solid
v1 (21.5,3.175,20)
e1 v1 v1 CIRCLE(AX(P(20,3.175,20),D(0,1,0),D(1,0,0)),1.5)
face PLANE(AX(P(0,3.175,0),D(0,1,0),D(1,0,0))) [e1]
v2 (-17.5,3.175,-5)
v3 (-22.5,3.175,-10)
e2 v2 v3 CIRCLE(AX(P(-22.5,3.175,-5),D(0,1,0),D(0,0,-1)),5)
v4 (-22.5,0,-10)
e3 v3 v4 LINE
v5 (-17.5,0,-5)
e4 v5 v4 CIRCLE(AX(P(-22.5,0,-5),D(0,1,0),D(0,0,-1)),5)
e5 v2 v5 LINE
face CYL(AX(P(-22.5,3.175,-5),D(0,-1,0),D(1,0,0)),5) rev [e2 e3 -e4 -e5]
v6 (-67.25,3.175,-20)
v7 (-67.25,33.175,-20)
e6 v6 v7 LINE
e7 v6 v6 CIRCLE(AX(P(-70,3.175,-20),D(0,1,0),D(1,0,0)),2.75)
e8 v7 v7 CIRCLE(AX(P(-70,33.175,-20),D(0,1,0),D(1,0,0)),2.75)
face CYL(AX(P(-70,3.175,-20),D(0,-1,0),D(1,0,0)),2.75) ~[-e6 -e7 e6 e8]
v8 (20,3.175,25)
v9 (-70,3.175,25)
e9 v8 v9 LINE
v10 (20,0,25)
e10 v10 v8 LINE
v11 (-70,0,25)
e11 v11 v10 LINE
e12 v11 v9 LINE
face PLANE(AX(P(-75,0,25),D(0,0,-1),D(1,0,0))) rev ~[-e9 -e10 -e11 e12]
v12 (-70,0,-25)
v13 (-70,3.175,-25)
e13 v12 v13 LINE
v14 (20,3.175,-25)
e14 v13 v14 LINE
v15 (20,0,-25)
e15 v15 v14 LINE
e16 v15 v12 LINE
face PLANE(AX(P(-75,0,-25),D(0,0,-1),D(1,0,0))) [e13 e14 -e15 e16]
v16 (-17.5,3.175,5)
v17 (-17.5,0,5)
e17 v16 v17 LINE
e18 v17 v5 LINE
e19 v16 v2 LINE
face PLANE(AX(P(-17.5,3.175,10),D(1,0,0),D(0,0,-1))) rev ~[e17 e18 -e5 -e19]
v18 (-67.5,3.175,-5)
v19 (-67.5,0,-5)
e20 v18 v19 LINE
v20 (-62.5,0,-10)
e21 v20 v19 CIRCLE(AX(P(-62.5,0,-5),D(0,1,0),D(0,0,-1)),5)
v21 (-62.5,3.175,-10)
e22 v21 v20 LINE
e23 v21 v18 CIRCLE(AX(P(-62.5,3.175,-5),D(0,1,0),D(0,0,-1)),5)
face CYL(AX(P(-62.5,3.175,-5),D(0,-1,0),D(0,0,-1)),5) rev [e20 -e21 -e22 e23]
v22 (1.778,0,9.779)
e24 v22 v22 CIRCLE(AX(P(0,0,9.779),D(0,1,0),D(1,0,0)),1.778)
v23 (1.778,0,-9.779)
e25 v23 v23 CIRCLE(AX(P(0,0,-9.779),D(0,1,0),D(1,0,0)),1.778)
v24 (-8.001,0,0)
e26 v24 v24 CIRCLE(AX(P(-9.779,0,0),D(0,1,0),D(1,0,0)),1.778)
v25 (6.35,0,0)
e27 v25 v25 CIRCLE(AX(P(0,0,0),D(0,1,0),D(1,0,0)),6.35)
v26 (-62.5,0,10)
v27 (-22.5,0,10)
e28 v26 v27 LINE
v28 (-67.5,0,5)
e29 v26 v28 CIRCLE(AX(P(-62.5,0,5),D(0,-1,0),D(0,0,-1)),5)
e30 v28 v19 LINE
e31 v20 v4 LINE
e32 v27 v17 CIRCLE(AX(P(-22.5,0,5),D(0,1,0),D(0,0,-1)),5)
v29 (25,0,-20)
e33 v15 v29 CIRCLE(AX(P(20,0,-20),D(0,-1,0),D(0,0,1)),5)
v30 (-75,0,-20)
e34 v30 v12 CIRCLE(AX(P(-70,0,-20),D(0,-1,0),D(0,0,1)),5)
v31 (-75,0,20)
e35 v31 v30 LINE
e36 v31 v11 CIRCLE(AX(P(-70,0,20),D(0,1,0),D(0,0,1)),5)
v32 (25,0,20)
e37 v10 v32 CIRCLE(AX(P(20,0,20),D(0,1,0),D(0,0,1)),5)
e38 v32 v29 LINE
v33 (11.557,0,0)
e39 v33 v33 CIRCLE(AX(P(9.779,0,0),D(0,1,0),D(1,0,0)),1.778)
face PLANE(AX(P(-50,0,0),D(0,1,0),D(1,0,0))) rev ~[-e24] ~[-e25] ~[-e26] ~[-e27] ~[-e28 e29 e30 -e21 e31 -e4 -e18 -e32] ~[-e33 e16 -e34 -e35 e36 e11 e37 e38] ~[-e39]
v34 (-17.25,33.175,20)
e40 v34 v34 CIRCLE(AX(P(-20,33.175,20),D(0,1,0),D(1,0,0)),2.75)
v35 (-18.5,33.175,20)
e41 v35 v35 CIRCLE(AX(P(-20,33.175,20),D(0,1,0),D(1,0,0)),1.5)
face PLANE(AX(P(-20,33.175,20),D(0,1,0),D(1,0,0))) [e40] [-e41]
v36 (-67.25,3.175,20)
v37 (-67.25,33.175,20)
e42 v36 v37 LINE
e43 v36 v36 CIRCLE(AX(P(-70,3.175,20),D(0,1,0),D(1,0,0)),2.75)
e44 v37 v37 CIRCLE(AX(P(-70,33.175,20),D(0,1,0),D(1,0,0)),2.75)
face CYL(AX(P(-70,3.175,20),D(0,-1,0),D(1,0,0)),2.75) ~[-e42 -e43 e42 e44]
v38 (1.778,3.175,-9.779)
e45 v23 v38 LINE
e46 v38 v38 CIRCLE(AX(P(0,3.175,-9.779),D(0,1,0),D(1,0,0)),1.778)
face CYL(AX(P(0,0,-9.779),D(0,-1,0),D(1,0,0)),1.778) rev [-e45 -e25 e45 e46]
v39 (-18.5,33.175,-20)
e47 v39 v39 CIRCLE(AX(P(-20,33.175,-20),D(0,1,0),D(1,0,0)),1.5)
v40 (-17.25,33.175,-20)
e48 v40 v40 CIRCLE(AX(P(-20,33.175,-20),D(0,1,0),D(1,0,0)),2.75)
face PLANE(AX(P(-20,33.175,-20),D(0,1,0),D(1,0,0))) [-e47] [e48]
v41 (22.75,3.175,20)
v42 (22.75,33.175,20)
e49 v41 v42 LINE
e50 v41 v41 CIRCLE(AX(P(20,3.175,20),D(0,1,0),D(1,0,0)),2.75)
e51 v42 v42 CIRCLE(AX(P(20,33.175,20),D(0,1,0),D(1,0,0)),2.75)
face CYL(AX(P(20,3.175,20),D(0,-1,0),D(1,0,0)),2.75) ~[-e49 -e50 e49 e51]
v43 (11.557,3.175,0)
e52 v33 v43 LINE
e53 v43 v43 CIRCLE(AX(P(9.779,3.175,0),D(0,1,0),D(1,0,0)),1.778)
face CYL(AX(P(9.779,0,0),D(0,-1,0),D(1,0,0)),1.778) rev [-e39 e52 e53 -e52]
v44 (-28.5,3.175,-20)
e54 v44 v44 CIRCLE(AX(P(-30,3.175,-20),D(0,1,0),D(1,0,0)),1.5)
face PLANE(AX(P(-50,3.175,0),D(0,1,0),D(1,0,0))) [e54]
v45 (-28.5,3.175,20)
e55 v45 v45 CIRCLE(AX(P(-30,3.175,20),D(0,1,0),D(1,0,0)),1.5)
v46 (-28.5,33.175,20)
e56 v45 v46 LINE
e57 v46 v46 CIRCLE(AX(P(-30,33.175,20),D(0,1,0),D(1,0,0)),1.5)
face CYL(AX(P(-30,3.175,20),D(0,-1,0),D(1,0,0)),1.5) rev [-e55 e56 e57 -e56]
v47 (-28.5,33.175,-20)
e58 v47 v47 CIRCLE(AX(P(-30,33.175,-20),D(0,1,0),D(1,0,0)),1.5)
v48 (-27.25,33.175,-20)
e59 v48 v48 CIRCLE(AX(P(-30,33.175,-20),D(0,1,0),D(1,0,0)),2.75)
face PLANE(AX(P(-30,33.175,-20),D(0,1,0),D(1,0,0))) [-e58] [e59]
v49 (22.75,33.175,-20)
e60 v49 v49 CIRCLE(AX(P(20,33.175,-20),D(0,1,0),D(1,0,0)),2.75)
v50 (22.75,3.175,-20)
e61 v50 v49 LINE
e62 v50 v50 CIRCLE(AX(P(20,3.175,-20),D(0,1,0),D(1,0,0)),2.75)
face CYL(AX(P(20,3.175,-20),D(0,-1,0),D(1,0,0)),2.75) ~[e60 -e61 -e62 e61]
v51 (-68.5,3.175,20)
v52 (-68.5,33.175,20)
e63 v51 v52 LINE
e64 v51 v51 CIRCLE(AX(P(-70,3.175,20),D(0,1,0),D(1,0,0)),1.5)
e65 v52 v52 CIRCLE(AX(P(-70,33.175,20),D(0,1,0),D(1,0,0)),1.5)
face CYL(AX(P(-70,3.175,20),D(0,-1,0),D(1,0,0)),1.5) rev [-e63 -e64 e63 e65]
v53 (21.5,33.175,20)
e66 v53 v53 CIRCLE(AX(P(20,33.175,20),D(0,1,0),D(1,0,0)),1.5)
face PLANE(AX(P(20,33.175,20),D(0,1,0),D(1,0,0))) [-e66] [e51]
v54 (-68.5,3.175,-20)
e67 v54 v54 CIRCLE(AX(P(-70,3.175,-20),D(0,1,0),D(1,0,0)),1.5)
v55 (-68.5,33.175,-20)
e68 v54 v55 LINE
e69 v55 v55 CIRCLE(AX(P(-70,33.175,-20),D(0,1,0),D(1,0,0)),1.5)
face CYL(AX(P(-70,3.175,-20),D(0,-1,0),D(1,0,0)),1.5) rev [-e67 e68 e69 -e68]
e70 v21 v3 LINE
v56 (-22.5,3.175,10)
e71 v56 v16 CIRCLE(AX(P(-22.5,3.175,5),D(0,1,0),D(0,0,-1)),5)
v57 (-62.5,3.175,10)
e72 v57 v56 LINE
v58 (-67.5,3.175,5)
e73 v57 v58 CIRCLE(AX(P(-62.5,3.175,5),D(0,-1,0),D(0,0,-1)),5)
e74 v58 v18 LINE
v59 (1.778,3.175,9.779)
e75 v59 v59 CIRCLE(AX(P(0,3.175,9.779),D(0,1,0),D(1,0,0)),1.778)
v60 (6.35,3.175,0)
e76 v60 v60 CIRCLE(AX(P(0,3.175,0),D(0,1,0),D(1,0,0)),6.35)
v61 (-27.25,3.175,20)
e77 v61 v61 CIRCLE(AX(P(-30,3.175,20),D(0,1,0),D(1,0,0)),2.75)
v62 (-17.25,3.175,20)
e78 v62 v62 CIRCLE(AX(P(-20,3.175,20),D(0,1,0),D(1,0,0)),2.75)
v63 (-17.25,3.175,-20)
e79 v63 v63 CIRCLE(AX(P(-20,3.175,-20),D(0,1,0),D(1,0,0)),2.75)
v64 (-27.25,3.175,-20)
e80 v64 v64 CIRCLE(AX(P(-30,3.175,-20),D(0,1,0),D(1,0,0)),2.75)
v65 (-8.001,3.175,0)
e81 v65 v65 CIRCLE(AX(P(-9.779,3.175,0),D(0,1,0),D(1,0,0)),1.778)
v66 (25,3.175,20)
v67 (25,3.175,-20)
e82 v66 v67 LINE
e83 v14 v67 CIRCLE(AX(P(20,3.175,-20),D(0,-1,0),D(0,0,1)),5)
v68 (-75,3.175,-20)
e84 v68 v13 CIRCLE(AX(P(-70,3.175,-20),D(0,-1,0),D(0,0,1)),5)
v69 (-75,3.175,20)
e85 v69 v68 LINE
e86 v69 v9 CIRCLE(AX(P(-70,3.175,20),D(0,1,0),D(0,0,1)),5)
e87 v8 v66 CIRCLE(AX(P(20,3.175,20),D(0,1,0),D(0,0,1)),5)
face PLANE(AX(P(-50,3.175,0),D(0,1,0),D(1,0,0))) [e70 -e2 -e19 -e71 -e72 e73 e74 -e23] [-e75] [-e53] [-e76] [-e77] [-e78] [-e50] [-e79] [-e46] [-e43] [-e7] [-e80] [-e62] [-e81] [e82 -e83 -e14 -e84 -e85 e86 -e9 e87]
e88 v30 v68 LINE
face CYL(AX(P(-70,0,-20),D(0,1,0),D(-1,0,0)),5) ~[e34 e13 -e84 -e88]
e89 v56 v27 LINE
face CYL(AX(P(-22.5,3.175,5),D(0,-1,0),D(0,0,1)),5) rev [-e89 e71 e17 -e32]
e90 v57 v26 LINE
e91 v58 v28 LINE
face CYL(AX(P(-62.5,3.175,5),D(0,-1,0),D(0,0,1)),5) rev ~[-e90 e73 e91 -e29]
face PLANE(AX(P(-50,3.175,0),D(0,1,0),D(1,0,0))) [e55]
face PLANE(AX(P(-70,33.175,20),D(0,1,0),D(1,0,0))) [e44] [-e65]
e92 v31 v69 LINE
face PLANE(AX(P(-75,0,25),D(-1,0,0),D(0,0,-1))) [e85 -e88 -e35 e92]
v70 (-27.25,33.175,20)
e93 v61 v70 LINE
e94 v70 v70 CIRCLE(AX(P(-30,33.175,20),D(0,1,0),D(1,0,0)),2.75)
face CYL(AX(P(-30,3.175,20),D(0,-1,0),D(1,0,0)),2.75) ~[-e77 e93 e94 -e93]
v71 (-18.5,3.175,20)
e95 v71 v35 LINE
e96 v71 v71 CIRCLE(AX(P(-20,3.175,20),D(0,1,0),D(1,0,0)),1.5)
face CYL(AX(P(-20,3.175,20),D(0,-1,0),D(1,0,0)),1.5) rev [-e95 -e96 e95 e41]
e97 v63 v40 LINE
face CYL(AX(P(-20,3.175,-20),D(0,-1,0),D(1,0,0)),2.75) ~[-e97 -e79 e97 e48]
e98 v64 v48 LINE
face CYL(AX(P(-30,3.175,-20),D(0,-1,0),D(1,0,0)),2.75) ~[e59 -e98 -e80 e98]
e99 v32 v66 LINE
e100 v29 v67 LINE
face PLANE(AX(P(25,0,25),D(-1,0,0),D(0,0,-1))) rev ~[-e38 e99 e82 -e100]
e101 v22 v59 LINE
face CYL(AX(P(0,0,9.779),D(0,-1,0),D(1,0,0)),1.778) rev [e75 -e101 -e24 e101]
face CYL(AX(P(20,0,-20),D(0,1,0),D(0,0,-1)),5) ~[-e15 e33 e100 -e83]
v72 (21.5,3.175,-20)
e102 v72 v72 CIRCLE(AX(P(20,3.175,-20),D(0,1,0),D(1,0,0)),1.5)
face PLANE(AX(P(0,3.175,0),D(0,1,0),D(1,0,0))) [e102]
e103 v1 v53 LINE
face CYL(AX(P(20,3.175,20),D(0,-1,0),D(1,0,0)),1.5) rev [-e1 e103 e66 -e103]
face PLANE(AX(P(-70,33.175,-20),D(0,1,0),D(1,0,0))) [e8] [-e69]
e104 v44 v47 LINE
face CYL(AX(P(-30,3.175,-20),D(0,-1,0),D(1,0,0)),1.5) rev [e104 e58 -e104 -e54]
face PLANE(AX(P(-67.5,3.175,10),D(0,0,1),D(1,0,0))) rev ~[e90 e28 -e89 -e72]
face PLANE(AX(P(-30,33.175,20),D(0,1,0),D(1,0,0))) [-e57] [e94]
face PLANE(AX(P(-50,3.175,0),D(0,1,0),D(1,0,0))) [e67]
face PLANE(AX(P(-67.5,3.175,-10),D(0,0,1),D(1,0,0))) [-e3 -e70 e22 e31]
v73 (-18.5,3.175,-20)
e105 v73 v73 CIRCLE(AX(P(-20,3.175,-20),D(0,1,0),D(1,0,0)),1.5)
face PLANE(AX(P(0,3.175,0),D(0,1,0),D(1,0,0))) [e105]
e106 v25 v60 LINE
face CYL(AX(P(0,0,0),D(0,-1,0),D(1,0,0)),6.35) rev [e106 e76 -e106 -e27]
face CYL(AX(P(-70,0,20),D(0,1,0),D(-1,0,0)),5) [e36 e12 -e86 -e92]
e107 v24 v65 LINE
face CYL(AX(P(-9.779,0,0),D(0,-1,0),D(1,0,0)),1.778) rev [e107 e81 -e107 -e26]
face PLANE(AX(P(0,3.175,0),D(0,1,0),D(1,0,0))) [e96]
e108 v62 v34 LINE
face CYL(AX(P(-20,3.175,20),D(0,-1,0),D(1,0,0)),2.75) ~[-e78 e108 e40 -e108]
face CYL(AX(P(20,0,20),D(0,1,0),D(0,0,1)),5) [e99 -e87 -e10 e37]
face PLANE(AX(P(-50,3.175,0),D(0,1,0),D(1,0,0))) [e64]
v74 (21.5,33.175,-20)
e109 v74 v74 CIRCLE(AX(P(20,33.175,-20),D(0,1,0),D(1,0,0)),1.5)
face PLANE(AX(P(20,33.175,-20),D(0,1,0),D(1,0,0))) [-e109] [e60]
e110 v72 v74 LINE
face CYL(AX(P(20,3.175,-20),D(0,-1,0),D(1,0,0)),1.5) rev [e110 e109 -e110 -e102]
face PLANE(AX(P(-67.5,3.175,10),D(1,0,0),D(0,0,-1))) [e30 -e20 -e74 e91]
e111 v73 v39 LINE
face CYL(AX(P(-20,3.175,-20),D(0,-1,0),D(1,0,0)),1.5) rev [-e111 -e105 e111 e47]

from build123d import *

# Parameters (mm, degrees)
SKETCH1_W           = 50
SKETCH1_H           = 50
SKETCH1_R           = 6.35
SKETCH1_R_2         = 1.778
BOSS_EXTRUDE1_DEPTH = 3.175
SKETCH2_R           = 2.75
SKETCH2_R_2         = 1.5
BOSS_EXTRUDE2_DEPTH = 30
SKETCH3_W           = 50
SKETCH3_H           = 50
BOSS_EXTRUDE3_DEPTH = 3.175
SKETCH4_R           = 2.75
SKETCH4_R_2         = 1.5
BOSS_EXTRUDE4_DEPTH = 30
SKETCH5_W           = 50
SKETCH5_H           = 20
CUT_EXTRUDE1_DEPTH  = 10
FILLET1_R           = 5


with BuildPart() as part:
    # Sketch1 → Boss-Extrude1 (new body)
    with BuildSketch(Plane(origin=(0, 0, 0), x_dir=(1, 0, 0), z_dir=(0, 1, 0))):
        Rectangle(SKETCH1_W, SKETCH1_H)
        Circle(SKETCH1_R, mode=Mode.SUBTRACT)
        with Locations((-9.779, 0)):
            Circle(SKETCH1_R_2, mode=Mode.SUBTRACT)
        with Locations((9.779, 0)):
            Circle(SKETCH1_R_2, mode=Mode.SUBTRACT)
        with Locations((0, 9.779)):
            Circle(SKETCH1_R_2, mode=Mode.SUBTRACT)
        with Locations((0, -9.779)):
            Circle(SKETCH1_R_2, mode=Mode.SUBTRACT)
    extrude(amount=BOSS_EXTRUDE1_DEPTH)

    # Sketch2 → Boss-Extrude2 (add)
    with BuildSketch(Plane(origin=(0, 3.175, 0), x_dir=(1, 0, 0), z_dir=(0, 1, 0))):
        with Locations((20, -20)):
            Circle(SKETCH2_R)
        with Locations((20, -20)):
            Circle(SKETCH2_R_2, mode=Mode.SUBTRACT)
        with Locations((-20, -20)):
            Circle(SKETCH2_R)
        with Locations((-20, -20)):
            Circle(SKETCH2_R_2, mode=Mode.SUBTRACT)
        with Locations((-20, 20)):
            Circle(SKETCH2_R)
        with Locations((-20, 20)):
            Circle(SKETCH2_R_2, mode=Mode.SUBTRACT)
        with Locations((20, 20)):
            Circle(SKETCH2_R)
        with Locations((20, 20)):
            Circle(SKETCH2_R_2, mode=Mode.SUBTRACT)
    extrude(amount=BOSS_EXTRUDE2_DEPTH)

    # Sketch3 → Boss-Extrude3 (add)
    with BuildSketch(Plane(origin=(0, 0, 0), x_dir=(1, 0, 0), z_dir=(0, 1, 0))):
        with Locations((-50, 0)):
            Rectangle(SKETCH3_W, SKETCH3_H)
    extrude(amount=BOSS_EXTRUDE3_DEPTH)

    # Sketch4 → Boss-Extrude4 (add)
    with BuildSketch(Plane(origin=(0, 3.175, 0), x_dir=(1, 0, 0), z_dir=(0, 1, 0))):
        with Locations((-70, 20)):
            Circle(SKETCH4_R)
        with Locations((-70, 20)):
            Circle(SKETCH4_R_2, mode=Mode.SUBTRACT)
        with Locations((-70, -20)):
            Circle(SKETCH4_R)
        with Locations((-70, -20)):
            Circle(SKETCH4_R_2, mode=Mode.SUBTRACT)
        with Locations((-30, -20)):
            Circle(SKETCH4_R)
        with Locations((-30, -20)):
            Circle(SKETCH4_R_2, mode=Mode.SUBTRACT)
        with Locations((-30, 20)):
            Circle(SKETCH4_R)
        with Locations((-30, 20)):
            Circle(SKETCH4_R_2, mode=Mode.SUBTRACT)
    extrude(amount=BOSS_EXTRUDE4_DEPTH)

    # Sketch5 → Cut-Extrude1 (cut)
    with BuildSketch(Plane(origin=(0, 3.175, 0), x_dir=(1, 0, 0), z_dir=(0, 1, 0))):
        with Locations((-42.5, 0)):
            Rectangle(SKETCH5_W, SKETCH5_H)
    extrude(amount=-CUT_EXTRUDE1_DEPTH, mode=Mode.SUBTRACT)

    # Fillet1
    fillet1_edges = [part.edges().sort_by_distance(p)[0] for p in [
        (-67.5, 1.5875, 10),
        (-67.5, 1.5875, -10),
        (-17.5, 1.5875, -10),
        (-17.5, 1.5875, 10),
        (-75, 1.5875, 25),
        (-75, 1.5875, -25),
        (25, 1.5875, 25),
        (25, 1.5875, -25),
    ]]
    fillet(fillet1_edges, radius=FILLET1_R)


solid = part.part
